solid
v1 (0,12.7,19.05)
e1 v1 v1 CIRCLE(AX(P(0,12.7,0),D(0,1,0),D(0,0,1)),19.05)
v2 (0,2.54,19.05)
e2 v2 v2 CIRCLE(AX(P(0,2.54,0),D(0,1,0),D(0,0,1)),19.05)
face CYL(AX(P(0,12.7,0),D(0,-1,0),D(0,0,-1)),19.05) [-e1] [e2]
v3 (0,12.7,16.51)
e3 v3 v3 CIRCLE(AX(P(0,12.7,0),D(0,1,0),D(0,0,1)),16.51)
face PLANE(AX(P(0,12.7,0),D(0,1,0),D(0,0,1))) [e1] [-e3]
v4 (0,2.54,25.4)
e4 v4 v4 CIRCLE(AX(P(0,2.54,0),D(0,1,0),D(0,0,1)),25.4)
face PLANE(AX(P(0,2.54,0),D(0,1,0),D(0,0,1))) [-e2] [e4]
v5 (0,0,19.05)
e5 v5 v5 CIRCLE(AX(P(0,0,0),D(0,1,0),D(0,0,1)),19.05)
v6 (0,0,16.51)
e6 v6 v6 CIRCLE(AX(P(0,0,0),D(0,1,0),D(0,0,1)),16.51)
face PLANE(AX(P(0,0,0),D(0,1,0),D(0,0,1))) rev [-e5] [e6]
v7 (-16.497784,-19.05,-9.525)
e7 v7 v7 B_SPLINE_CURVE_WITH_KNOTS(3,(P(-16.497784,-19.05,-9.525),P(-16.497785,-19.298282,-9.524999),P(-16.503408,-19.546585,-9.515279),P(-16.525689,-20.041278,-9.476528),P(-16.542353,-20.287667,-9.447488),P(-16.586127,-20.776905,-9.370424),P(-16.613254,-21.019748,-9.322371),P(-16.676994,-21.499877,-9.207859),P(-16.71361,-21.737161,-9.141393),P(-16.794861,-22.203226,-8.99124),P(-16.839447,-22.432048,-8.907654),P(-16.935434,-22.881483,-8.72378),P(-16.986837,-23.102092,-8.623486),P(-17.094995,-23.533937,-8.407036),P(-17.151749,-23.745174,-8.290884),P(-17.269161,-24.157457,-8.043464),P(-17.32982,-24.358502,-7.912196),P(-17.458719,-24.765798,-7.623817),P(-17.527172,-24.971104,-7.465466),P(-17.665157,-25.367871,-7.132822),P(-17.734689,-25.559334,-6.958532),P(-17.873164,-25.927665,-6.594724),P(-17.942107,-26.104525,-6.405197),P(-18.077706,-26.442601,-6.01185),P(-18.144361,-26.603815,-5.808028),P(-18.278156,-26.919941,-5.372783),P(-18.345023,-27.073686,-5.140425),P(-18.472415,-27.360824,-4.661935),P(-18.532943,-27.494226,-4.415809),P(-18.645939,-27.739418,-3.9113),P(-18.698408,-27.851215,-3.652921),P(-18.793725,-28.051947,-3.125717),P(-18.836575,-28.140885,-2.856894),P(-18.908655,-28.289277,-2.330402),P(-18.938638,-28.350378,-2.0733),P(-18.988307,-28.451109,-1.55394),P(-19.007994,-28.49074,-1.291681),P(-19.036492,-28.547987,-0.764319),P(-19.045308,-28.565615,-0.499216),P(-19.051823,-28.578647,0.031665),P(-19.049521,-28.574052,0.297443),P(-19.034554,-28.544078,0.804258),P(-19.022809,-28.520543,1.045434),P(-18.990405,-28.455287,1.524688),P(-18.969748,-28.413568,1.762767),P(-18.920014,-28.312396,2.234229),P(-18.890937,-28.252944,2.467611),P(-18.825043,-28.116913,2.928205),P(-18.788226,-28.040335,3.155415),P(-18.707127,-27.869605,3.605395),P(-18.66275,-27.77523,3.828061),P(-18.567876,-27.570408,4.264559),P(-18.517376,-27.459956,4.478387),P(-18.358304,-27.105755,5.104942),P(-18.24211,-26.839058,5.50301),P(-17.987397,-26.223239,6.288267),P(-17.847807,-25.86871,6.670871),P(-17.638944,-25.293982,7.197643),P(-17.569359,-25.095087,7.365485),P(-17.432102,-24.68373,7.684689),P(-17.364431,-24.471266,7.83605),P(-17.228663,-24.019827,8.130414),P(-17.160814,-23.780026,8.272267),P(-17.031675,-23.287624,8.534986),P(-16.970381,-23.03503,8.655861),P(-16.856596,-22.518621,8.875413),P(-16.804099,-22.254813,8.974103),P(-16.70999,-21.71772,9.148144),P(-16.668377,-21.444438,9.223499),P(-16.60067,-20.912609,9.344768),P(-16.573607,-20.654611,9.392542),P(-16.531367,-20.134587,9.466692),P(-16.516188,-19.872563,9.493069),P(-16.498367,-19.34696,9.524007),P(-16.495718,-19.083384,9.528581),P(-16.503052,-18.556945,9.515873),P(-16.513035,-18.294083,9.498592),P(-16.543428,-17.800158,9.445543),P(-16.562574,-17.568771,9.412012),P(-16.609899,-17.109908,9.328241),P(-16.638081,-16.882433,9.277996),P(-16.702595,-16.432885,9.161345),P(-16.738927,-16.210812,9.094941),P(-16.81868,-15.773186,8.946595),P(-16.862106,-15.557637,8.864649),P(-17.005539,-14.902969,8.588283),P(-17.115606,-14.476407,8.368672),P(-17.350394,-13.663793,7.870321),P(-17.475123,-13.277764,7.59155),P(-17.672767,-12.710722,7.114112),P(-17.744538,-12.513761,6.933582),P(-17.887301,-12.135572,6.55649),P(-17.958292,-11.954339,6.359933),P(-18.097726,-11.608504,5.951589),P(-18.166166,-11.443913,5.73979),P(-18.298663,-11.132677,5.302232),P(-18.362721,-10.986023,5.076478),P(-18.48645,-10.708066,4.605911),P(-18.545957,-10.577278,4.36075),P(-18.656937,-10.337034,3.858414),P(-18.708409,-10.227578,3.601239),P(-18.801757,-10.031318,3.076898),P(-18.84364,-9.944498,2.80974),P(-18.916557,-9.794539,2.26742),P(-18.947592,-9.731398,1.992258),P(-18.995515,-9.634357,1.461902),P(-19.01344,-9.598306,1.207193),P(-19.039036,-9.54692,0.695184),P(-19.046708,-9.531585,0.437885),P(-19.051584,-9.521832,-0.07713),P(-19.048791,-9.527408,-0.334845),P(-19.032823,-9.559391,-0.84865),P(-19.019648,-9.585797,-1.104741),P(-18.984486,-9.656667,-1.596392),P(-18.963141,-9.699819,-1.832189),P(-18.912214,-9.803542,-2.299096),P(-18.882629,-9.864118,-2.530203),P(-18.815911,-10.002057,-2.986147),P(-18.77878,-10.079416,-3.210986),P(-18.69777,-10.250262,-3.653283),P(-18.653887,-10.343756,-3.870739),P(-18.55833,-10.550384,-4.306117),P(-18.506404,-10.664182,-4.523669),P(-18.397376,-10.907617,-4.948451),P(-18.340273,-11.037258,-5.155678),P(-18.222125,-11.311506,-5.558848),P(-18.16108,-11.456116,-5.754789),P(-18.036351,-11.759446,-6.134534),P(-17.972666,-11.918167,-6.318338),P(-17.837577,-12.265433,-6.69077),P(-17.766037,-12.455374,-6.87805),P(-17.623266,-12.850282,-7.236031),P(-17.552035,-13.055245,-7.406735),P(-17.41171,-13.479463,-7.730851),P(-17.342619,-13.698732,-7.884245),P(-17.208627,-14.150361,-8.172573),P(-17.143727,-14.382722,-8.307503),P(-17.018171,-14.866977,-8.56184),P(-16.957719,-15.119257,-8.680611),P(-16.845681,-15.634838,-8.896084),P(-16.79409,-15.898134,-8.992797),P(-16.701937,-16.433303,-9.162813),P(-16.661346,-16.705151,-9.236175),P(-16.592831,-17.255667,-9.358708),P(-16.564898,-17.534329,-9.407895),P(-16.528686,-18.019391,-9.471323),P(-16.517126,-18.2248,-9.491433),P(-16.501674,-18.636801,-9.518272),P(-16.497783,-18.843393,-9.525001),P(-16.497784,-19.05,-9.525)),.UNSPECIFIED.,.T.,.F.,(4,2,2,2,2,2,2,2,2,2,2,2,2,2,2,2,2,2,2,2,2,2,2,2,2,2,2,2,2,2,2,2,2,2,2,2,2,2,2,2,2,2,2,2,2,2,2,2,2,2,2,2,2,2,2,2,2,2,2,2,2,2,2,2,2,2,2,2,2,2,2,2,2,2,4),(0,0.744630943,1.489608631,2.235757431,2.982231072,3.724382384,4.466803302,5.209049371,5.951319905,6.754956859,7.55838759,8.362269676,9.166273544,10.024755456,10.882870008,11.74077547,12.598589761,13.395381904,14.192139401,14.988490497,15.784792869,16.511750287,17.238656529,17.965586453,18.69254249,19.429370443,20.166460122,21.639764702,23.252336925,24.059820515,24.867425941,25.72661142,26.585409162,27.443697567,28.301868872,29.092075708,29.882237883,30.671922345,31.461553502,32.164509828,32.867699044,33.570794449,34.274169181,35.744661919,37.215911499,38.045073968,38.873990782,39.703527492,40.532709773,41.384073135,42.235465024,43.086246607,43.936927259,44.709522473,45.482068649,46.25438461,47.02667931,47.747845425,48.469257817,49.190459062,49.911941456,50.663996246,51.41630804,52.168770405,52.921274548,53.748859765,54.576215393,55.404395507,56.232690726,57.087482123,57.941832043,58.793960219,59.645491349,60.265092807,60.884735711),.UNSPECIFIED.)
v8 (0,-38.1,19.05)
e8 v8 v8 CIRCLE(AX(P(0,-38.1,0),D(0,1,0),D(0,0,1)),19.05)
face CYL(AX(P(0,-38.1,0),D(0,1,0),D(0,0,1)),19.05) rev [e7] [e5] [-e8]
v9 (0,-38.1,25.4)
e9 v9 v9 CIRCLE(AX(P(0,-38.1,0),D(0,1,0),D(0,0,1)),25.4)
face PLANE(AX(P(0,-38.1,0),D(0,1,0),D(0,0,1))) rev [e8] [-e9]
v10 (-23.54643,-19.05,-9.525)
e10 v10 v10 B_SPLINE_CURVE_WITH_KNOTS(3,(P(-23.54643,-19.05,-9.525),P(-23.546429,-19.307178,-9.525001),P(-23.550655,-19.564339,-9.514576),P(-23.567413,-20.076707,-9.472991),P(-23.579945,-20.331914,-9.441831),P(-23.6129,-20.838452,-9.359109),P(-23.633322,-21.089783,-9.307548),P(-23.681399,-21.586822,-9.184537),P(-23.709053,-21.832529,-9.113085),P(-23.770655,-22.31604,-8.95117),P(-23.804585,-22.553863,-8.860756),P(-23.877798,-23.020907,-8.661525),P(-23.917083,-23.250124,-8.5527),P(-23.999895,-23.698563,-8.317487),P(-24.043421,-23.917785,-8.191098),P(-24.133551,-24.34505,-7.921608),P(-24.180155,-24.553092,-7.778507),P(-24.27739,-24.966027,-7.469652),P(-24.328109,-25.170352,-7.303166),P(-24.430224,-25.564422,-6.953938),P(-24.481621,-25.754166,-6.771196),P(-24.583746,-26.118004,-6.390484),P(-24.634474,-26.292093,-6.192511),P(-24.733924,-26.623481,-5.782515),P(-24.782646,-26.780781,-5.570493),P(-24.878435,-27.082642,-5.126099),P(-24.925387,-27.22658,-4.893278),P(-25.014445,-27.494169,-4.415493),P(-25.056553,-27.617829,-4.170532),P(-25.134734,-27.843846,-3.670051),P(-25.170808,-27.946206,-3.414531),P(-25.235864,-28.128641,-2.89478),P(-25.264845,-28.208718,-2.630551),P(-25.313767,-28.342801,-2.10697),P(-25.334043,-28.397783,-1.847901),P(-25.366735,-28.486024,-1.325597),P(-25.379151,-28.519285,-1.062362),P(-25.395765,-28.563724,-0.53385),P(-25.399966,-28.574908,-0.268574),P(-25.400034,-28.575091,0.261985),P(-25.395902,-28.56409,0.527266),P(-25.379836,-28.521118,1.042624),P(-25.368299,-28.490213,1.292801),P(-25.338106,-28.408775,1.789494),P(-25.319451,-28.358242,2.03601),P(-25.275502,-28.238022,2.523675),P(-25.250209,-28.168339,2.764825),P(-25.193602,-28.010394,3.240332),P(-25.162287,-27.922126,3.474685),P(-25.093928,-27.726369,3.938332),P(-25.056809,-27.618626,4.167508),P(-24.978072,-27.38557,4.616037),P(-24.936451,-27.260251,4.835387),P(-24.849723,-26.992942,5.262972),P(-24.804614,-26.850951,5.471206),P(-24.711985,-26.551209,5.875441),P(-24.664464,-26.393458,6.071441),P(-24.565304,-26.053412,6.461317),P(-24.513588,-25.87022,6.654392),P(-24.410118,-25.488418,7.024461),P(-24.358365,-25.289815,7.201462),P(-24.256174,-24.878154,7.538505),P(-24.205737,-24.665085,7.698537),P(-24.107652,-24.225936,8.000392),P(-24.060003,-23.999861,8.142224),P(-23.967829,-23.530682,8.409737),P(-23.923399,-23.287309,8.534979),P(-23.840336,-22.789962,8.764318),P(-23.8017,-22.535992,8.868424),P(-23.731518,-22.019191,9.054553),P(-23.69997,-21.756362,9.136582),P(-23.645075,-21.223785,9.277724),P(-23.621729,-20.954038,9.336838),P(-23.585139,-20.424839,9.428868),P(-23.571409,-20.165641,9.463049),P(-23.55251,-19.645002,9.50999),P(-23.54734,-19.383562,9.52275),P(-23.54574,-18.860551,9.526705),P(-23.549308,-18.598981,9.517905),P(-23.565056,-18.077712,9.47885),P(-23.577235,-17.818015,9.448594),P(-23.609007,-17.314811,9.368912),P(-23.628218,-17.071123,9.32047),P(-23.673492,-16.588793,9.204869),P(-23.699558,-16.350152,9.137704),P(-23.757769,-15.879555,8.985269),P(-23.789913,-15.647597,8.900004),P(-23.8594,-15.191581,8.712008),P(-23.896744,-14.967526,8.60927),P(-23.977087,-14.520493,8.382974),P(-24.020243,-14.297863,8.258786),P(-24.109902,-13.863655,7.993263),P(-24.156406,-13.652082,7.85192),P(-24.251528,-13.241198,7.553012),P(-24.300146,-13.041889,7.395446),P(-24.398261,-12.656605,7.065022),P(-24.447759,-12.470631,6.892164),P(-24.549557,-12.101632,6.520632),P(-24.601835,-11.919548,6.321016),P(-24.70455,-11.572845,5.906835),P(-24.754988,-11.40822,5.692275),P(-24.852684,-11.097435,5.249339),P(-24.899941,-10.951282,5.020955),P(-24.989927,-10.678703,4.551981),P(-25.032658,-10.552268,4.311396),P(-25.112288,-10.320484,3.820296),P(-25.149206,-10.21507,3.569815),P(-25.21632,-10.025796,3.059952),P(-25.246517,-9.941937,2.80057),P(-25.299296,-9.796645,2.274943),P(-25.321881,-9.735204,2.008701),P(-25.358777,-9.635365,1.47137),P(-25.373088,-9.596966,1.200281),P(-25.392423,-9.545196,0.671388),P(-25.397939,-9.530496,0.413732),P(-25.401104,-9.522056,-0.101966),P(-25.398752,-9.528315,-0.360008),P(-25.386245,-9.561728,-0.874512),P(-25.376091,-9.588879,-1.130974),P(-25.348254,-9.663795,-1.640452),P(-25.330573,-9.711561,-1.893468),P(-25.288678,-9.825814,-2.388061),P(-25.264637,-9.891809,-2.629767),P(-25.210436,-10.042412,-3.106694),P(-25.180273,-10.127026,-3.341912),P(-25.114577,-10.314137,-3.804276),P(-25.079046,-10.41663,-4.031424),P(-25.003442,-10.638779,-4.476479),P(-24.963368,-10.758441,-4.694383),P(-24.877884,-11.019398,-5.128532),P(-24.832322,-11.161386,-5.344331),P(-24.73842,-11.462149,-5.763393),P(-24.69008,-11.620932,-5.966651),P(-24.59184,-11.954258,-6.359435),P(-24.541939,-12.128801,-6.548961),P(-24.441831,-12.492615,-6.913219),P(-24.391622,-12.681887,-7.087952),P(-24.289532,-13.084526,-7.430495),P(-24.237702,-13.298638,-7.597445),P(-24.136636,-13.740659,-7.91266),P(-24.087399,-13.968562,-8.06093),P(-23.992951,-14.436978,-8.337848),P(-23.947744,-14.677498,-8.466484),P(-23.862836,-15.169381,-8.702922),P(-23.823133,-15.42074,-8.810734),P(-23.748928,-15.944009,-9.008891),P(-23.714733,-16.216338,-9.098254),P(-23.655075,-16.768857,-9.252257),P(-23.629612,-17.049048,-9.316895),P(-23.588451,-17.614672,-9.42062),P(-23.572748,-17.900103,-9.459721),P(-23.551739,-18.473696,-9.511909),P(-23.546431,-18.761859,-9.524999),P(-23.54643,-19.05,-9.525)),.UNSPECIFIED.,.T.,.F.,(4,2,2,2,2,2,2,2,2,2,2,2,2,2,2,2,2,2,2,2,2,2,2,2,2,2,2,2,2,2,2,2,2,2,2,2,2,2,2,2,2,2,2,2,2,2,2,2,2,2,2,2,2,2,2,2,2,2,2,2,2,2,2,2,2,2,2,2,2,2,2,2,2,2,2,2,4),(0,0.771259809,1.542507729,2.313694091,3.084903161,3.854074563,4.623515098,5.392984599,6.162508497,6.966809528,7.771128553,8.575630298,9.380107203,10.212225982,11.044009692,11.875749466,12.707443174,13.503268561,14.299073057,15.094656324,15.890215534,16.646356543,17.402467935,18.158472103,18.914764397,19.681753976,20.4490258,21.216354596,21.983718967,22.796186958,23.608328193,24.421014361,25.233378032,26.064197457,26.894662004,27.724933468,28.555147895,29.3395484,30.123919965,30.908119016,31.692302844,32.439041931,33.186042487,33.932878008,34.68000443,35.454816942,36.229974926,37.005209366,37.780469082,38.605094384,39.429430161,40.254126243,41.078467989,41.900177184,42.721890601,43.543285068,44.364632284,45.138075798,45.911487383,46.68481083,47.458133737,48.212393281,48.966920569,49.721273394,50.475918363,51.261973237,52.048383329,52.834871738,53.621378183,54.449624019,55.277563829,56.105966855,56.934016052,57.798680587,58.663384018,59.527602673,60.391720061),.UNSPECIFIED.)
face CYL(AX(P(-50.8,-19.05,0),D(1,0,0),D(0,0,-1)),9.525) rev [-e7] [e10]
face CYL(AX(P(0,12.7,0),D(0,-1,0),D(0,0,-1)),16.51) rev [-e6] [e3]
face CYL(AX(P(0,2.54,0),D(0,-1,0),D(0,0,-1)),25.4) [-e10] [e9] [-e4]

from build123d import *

# Parameters (mm, degrees)
SKETCH2_R           = 19.05
BOSS_EXTRUDE1_DEPTH = 12.7
SKETCH2_5_R         = 25.4
SKETCH2_5_R_2       = 19.05
BOSS_EXTRUDE3_DEPTH = 38.1
SHELL2_T            = -2.54
SKETCH32_R          = 9.525
CUT_EXTRUDE1_DEPTH  = 50.8
SKETCH2_10_R        = 25.4
SKETCH2_10_R_2      = 19.05
BOSS_EXTRUDE4_DEPTH = 2.54


with BuildPart() as part:
    # Sketch2 → Boss-Extrude1 (new body)
    with BuildSketch(Plane(origin=(0, 0, 0), x_dir=(1, 0, 0), z_dir=(0, 1, 0))):
        Circle(SKETCH2_R)
    extrude(amount=BOSS_EXTRUDE1_DEPTH)

    # Shell2
    shell2_openings = [part.faces().sort_by_distance(p)[0] for p in [
        (0, 0, 0),
        (0, 12.7, 0),
    ]]
    offset(amount=SHELL2_T, openings=shell2_openings, kind=Kind.INTERSECTION)



with BuildPart() as body_2:
    # Sketch2<5> → Boss-Extrude3 (new body)
    with BuildSketch(Plane(origin=(0, 0, 0), x_dir=(1, 0, 0), z_dir=(0, 1, 0))):
        Circle(SKETCH2_5_R)
        Circle(SKETCH2_5_R_2, mode=Mode.SUBTRACT)
    extrude(amount=-BOSS_EXTRUDE3_DEPTH)

    # Sketch32 → Cut-Extrude1 (cut)
    with BuildSketch(Plane(origin=(0, 0, 0), x_dir=(0, 0, -1), z_dir=(1, 0, 0))):
        with Locations((0, -19.05)):
            Circle(SKETCH32_R)
    extrude(amount=-CUT_EXTRUDE1_DEPTH, mode=Mode.SUBTRACT)


with BuildPart() as part_1:
    add(part.part)

    add(body_2.part)  # Boss-Extrude4 merges body 2
    # Sketch2<10> → Boss-Extrude4 (add)
    with BuildSketch(Plane(origin=(0, 0, 0), x_dir=(1, 0, 0), z_dir=(0, 1, 0))):
        Circle(SKETCH2_10_R)
        Circle(SKETCH2_10_R_2, mode=Mode.SUBTRACT)
    extrude(amount=BOSS_EXTRUDE4_DEPTH)


solid = part_1.part
